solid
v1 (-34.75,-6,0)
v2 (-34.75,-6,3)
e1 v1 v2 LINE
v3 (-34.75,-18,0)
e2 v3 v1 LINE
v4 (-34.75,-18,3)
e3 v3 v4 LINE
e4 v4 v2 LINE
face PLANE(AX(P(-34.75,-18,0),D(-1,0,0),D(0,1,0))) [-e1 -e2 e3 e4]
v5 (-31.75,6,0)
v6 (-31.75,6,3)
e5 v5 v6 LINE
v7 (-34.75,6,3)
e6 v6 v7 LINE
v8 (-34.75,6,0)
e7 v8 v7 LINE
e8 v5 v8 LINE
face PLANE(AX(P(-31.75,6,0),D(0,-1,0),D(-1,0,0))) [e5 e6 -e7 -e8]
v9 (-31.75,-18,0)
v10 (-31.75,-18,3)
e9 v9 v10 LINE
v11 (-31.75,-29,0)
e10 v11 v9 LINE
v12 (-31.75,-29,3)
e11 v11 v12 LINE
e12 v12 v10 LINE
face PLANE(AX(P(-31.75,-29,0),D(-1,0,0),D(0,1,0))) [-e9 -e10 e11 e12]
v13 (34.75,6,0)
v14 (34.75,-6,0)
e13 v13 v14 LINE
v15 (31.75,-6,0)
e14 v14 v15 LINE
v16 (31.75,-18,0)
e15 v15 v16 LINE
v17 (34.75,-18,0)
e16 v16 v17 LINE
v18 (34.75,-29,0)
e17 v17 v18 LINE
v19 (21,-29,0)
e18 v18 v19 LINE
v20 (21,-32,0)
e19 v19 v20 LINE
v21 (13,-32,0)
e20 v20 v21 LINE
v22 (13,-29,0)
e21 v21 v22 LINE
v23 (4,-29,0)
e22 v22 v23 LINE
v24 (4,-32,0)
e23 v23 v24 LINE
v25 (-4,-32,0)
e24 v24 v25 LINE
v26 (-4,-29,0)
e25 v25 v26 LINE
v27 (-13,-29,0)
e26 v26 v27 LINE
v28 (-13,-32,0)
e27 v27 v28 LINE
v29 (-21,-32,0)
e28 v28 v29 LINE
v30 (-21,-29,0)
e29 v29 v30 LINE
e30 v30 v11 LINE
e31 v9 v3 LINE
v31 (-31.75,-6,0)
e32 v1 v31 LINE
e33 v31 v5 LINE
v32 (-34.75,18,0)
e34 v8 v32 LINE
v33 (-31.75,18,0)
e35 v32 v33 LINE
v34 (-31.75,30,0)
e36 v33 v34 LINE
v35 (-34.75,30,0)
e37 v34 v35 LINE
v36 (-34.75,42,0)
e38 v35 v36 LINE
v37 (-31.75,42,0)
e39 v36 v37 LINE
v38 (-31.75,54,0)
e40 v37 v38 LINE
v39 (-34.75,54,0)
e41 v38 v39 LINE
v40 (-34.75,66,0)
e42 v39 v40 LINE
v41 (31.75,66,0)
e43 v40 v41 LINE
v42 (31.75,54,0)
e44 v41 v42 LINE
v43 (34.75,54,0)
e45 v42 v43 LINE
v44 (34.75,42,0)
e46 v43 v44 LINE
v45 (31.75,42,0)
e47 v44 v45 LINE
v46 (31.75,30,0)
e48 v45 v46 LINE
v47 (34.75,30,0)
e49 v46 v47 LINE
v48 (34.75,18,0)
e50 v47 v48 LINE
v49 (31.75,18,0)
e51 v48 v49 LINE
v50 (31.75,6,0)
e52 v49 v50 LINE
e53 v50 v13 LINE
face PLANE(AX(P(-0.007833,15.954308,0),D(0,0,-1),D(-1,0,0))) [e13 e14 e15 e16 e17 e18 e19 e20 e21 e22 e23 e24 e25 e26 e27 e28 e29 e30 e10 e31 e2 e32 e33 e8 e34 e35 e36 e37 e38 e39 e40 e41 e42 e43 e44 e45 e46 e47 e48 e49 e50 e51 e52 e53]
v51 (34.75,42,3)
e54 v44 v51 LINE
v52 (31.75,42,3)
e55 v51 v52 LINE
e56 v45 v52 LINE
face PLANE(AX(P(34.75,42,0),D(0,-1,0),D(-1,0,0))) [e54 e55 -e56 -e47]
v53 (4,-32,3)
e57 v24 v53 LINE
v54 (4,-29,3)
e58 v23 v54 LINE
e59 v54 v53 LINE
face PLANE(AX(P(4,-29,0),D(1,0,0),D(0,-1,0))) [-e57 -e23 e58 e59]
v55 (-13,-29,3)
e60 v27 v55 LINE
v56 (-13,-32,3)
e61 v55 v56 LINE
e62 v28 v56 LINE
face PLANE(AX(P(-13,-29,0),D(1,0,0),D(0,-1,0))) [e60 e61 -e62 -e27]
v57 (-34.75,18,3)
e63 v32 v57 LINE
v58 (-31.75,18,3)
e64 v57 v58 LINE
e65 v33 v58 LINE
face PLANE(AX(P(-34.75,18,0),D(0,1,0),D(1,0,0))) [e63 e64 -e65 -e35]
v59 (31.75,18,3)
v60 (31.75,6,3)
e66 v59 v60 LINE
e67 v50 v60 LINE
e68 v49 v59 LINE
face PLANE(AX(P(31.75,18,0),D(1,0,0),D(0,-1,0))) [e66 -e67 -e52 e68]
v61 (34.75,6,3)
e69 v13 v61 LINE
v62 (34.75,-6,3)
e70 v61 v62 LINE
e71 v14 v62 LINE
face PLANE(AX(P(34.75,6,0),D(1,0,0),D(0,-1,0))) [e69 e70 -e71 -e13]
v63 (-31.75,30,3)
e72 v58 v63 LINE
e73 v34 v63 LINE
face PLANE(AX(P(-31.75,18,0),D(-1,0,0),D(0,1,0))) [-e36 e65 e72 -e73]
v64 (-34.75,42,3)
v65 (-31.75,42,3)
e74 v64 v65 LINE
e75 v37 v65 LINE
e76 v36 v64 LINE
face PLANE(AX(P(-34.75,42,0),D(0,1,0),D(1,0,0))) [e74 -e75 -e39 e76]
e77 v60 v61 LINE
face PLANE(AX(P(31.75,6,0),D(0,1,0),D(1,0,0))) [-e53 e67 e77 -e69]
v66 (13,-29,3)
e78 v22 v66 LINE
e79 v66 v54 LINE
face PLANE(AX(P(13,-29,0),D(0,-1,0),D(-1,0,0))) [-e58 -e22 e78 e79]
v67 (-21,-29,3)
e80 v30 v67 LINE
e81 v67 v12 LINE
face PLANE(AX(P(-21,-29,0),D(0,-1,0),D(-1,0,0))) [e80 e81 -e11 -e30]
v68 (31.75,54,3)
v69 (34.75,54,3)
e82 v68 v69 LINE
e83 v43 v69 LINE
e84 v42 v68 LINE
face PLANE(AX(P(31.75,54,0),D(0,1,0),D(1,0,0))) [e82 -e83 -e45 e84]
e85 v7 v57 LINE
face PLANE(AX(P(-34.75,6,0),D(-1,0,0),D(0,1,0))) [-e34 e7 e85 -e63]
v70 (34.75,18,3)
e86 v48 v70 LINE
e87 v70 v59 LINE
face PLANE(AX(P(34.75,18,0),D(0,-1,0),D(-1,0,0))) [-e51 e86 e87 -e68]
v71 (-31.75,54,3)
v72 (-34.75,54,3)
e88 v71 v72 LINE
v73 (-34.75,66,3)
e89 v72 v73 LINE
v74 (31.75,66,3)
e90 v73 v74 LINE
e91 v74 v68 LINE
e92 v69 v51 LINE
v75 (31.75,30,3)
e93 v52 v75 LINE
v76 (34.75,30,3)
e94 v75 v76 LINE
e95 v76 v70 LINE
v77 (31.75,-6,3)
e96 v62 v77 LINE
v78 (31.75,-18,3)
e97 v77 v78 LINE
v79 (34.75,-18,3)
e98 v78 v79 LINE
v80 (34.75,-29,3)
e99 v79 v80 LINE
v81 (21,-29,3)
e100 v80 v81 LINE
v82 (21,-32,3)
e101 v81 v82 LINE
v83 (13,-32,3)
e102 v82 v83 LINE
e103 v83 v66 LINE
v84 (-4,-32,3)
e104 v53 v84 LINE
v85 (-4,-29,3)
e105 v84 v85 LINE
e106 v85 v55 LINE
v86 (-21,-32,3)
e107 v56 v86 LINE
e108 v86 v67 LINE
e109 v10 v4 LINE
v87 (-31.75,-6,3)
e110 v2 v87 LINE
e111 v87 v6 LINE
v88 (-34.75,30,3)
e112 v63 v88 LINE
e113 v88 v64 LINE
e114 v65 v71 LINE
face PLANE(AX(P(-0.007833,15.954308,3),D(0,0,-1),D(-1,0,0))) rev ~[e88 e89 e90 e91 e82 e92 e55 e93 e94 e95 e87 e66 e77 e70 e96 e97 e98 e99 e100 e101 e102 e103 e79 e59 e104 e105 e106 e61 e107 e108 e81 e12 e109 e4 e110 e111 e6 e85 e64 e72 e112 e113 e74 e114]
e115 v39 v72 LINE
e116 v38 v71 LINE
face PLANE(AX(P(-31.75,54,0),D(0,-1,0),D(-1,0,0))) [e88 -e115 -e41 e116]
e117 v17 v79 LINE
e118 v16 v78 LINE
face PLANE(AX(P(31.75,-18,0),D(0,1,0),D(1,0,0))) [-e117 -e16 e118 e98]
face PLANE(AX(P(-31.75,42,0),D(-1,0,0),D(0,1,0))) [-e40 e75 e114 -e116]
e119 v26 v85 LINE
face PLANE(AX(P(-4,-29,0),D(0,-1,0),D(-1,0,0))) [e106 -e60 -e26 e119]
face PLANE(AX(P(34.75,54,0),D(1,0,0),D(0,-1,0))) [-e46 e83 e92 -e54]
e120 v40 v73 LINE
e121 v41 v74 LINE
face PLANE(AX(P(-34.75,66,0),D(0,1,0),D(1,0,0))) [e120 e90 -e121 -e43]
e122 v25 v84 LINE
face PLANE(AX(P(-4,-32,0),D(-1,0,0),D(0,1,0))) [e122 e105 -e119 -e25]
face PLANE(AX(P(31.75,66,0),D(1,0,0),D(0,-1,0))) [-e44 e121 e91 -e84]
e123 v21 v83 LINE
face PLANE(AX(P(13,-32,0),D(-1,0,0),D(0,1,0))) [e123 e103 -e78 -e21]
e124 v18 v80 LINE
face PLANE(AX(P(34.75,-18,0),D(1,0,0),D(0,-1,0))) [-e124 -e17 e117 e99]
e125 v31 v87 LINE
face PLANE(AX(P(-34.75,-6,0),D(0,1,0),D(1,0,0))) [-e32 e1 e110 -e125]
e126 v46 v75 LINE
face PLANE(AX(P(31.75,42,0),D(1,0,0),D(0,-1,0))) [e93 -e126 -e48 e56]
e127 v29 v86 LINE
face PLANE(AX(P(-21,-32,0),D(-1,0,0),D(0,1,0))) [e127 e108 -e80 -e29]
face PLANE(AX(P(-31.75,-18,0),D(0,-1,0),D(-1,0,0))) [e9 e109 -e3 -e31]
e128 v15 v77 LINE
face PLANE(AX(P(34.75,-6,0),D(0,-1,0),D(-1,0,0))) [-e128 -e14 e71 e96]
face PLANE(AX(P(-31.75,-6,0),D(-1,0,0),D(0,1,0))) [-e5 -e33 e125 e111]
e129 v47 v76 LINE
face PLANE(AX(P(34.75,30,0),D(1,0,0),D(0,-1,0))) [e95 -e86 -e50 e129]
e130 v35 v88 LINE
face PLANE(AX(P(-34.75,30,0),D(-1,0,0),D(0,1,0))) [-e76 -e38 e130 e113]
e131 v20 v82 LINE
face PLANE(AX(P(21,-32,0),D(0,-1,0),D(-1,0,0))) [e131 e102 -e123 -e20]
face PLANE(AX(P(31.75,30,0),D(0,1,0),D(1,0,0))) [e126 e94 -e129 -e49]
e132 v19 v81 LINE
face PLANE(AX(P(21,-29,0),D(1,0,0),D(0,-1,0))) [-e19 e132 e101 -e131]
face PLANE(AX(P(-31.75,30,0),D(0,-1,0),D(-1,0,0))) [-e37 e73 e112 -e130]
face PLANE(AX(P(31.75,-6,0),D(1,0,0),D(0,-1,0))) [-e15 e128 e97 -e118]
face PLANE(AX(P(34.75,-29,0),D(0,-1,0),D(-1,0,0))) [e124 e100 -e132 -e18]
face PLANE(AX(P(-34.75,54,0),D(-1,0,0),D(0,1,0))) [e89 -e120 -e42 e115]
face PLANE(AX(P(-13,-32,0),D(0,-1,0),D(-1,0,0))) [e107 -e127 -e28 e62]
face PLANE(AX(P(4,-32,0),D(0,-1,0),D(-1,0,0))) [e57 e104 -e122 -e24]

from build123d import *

# Parameters (mm, degrees)
PAD_DEPTH = 3


with BuildPart() as part:
    # Sketch → Pad (new body)
    with BuildSketch(Plane.XY):
        Polygon((34.75, -29), (21, -29), (21, -32), (13, -32), (13, -29), (4, -29), (4, -32), (-4, -32), (-4, -29), (-13, -29), (-13, -32), (-21, -32), (-21, -29), (-31.75, -29), (-31.75, -18), (-34.75, -18), (-34.75, -6), (-31.75, -6), (-31.75, 6), (-34.75, 6), (-34.75, 18), (-31.75, 18), (-31.75, 30), (-34.75, 30), (-34.75, 42), (-31.75, 42), (-31.75, 54), (-34.75, 54), (-34.75, 66), (31.75, 66), (31.75, 54), (34.75, 54), (34.75, 42), (31.75, 42), (31.75, 30), (34.75, 30), (34.75, 18), (31.75, 18), (31.75, 6), (34.75, 6), (34.75, -6), (31.75, -6), (31.75, -18), (34.75, -18), align=None)
    extrude(amount=PAD_DEPTH)


solid = part.part
